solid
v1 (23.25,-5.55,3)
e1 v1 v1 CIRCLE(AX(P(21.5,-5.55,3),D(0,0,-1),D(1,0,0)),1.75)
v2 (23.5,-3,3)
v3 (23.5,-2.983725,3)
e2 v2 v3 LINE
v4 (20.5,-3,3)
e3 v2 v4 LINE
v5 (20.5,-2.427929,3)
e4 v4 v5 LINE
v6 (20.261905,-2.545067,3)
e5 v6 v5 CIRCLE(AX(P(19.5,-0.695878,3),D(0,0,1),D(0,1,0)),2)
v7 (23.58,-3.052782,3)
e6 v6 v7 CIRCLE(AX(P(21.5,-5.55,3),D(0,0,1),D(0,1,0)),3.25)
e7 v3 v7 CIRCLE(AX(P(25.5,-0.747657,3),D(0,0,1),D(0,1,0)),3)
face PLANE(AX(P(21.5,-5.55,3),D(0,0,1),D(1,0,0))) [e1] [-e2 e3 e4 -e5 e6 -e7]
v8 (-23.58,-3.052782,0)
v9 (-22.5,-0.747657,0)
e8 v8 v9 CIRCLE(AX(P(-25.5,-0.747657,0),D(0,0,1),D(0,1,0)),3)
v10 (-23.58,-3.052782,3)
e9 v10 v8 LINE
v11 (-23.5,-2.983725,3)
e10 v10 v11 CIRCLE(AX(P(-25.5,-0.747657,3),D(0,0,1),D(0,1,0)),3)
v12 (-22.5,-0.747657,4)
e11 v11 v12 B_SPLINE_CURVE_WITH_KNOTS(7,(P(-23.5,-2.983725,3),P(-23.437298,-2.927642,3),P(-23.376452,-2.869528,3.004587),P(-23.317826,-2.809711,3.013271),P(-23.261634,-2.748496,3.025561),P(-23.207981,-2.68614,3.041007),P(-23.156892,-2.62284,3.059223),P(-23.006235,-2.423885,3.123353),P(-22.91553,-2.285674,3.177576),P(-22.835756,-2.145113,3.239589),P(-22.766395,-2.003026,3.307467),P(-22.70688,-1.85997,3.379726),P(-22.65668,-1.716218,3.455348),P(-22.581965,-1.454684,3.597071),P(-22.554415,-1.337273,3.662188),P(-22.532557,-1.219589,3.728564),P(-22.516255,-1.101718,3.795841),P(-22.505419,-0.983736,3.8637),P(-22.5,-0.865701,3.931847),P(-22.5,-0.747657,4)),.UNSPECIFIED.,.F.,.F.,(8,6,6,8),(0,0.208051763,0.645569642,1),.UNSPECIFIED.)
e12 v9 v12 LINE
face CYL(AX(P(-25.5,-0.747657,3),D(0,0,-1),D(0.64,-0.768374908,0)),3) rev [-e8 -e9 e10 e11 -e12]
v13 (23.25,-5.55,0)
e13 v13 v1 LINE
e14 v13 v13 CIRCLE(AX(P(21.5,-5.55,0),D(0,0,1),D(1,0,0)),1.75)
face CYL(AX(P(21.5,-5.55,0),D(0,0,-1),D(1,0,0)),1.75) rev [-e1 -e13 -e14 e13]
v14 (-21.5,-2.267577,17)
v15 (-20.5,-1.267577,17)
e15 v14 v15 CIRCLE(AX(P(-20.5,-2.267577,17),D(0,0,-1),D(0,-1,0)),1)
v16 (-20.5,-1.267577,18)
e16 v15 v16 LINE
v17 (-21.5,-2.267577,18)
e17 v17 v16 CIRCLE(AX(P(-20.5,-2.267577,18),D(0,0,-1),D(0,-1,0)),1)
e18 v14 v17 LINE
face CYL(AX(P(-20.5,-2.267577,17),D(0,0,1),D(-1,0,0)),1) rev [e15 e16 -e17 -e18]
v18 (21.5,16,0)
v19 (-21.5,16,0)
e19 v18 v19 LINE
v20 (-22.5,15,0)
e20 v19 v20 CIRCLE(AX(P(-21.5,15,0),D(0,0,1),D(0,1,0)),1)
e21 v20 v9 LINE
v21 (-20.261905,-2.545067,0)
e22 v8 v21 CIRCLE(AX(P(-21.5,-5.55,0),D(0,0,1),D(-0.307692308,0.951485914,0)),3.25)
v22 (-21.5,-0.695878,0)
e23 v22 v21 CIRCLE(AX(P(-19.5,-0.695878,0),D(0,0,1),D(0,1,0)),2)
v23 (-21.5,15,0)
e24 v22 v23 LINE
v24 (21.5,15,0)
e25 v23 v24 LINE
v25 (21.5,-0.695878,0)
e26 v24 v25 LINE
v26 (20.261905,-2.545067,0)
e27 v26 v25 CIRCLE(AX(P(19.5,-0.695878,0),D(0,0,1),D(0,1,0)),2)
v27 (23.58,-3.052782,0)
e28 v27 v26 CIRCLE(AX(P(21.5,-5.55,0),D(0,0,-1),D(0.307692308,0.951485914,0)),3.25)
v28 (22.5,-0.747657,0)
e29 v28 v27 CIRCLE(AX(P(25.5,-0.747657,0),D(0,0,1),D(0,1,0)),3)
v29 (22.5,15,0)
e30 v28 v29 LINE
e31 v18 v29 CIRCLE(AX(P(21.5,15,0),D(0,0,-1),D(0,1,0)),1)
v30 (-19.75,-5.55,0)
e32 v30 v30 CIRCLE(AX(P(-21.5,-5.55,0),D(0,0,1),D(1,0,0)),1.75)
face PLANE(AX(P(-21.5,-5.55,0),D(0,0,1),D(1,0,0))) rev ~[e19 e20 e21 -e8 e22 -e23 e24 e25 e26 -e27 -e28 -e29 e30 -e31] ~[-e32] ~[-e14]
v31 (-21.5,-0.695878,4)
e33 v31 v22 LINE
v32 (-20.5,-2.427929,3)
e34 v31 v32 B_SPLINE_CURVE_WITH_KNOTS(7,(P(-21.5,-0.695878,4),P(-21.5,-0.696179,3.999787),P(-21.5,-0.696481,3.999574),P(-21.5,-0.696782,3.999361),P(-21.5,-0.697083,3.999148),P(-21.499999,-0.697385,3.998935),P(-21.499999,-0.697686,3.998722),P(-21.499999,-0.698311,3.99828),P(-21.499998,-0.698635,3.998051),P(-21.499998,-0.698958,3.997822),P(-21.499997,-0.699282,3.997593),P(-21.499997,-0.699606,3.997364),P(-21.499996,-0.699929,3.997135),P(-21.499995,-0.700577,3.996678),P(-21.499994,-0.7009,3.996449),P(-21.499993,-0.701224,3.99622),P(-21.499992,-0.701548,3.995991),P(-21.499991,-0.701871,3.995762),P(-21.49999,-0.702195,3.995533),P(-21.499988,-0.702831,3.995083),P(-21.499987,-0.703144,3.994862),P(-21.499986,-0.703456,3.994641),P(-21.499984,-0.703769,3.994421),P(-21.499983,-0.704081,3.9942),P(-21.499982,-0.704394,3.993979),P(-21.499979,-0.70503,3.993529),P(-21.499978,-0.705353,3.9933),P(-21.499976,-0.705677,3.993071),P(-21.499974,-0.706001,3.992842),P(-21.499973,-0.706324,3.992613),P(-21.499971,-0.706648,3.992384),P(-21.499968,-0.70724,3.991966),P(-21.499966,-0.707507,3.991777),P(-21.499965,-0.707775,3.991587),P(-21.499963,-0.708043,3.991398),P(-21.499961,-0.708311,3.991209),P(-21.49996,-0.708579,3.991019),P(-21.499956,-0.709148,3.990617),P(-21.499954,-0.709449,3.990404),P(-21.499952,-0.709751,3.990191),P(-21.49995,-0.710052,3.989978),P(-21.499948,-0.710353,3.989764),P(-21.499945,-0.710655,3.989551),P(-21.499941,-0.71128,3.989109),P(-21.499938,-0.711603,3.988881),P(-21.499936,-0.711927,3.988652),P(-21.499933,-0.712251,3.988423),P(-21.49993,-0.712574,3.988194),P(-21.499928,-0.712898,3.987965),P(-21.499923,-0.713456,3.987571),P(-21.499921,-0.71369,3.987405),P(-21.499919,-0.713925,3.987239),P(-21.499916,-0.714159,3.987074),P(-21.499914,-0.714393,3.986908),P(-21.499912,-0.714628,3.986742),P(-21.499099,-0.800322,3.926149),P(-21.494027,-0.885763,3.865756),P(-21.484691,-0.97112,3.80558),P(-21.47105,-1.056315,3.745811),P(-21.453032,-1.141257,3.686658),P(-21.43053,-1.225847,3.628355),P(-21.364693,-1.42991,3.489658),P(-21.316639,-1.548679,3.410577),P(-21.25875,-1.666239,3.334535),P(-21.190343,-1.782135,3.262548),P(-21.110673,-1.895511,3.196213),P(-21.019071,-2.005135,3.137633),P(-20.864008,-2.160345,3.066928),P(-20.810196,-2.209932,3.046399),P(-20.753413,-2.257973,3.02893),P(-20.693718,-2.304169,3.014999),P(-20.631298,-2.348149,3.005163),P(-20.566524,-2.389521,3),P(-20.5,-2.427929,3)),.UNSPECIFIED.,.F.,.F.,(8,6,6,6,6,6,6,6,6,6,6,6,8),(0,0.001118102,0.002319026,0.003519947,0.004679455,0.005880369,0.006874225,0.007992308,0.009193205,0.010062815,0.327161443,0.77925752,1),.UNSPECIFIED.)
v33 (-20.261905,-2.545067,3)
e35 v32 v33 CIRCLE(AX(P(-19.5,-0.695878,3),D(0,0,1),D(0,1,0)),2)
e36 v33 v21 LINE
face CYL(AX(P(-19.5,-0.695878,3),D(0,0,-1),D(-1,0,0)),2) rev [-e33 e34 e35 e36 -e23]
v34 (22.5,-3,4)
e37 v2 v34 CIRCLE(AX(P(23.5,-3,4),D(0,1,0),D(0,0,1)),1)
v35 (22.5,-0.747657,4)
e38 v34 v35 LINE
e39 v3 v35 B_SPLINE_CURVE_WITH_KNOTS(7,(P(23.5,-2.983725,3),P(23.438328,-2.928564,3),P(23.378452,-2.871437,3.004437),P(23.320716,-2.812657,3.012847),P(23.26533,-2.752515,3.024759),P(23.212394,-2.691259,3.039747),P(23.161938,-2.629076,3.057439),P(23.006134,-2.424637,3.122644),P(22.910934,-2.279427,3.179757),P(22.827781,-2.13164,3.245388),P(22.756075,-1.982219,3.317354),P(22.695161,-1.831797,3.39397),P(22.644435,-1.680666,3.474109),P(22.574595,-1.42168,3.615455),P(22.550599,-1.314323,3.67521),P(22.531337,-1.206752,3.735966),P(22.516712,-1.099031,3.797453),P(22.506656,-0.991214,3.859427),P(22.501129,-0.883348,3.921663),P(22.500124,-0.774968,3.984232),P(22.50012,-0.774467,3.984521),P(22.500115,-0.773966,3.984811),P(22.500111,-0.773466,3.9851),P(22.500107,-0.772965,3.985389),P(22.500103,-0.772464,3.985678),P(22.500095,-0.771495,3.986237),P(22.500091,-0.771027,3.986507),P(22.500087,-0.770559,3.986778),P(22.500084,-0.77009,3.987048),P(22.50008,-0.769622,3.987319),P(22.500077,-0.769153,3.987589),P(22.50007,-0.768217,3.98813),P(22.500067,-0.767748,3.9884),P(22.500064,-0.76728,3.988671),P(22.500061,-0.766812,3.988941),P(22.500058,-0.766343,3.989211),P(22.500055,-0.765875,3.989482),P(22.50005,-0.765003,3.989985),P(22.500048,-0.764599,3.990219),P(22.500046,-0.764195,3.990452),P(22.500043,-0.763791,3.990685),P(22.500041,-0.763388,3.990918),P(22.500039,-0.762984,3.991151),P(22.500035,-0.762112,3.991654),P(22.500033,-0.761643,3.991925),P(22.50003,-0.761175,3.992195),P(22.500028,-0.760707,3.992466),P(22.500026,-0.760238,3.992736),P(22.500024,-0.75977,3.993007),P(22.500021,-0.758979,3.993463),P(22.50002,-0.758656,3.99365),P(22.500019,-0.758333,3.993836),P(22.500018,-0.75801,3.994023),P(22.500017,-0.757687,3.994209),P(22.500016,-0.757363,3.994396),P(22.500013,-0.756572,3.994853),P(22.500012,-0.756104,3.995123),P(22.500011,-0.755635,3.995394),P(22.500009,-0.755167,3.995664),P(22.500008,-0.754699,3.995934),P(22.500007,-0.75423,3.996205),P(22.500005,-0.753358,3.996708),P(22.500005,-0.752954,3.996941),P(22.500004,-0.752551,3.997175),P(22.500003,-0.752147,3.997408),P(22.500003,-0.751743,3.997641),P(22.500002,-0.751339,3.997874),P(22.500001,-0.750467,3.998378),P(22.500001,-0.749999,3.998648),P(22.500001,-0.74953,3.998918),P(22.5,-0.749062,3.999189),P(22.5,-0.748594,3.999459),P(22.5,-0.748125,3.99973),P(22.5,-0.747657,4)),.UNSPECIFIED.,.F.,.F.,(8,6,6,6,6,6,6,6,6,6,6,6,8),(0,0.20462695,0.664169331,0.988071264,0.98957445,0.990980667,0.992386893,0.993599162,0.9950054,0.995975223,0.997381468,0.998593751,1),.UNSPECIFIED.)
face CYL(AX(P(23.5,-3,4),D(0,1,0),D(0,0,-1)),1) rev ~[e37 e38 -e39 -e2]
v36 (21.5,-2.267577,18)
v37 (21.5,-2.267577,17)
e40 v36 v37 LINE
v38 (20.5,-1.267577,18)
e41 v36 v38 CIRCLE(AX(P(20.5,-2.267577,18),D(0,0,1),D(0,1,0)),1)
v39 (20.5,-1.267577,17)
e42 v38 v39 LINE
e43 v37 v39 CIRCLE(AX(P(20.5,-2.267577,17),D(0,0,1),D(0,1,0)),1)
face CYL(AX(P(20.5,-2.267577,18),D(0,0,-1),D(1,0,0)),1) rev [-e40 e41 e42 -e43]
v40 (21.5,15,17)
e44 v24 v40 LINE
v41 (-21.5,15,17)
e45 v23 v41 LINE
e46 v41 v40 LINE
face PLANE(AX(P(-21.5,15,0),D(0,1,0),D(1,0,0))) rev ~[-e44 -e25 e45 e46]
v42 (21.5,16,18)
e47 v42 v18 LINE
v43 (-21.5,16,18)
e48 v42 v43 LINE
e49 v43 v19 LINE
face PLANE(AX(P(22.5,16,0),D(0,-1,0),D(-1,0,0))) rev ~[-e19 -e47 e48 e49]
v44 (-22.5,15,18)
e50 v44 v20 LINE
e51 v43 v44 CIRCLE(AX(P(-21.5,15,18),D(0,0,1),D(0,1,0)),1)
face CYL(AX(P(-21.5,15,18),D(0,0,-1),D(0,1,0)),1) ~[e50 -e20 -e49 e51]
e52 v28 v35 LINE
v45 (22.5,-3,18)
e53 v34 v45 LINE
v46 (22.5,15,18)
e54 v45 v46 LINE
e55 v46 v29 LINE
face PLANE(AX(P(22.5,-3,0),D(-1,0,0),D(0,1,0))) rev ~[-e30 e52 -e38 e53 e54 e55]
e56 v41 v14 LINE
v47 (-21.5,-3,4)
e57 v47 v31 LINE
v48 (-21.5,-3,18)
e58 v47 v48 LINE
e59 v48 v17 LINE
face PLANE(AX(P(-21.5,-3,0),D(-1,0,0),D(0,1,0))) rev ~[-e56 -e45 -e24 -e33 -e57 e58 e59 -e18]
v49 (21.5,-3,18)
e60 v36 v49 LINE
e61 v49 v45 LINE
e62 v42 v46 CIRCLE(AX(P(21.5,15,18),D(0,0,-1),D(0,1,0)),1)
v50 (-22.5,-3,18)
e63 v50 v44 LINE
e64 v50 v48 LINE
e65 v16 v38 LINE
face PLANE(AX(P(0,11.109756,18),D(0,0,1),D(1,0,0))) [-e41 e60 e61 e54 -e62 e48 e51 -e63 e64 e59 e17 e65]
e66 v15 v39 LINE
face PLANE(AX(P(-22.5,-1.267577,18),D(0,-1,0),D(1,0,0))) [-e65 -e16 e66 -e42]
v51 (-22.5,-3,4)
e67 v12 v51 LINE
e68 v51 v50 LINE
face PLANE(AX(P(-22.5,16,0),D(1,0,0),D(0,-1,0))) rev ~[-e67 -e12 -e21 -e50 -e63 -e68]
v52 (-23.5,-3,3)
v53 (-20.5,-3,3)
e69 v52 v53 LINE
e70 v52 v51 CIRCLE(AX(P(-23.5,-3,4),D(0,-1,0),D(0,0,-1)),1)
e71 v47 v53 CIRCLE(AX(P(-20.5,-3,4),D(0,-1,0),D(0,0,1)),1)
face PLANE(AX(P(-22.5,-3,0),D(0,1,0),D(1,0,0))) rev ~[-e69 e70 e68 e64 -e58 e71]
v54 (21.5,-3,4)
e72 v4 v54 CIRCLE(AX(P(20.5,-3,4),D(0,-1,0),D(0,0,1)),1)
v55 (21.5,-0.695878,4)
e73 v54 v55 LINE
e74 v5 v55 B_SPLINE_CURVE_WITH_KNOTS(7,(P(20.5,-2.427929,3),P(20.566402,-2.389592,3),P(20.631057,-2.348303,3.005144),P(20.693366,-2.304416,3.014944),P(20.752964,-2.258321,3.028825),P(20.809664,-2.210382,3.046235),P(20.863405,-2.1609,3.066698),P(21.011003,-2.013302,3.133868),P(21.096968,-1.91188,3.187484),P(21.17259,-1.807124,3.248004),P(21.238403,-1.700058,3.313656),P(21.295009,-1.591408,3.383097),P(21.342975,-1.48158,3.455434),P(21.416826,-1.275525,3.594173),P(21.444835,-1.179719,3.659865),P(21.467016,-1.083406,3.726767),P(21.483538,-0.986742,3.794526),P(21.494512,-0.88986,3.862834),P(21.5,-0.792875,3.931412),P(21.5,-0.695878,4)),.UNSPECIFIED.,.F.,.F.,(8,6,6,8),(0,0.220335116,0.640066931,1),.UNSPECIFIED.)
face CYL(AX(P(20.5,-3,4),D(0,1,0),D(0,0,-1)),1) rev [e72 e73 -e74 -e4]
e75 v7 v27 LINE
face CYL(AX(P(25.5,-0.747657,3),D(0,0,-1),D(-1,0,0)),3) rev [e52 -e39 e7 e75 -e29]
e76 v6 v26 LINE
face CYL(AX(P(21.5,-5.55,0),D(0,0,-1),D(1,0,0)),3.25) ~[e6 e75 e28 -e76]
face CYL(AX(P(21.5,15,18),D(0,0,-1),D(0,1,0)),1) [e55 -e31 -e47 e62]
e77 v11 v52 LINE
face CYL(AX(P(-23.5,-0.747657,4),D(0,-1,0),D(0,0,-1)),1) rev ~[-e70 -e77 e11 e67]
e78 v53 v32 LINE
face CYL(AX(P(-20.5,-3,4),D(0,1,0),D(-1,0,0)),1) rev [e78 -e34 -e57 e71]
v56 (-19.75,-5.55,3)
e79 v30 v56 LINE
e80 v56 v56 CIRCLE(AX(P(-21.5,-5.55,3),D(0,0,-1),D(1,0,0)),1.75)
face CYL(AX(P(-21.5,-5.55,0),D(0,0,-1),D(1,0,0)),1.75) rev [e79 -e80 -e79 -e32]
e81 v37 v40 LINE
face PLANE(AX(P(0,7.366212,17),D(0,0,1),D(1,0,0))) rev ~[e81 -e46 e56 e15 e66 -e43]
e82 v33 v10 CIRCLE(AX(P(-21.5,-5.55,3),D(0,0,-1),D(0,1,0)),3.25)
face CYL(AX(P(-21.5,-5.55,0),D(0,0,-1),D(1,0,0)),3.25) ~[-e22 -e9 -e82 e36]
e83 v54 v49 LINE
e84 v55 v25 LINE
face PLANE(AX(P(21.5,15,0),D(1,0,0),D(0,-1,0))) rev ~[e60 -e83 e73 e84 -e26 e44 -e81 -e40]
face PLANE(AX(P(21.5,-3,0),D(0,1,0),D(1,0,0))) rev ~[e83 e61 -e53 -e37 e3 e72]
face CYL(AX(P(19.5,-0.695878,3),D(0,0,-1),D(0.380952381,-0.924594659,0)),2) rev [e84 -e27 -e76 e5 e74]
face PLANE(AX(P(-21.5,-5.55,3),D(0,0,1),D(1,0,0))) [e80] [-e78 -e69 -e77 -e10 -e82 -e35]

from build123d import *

# Parameters (mm, degrees)
F1_DEPTH = 18
F2_R     = 3.25
F3_DEPTH = 3
F5_W     = 45
F5_H     = 17.2675769106
F6_DEPTH = 1
F7_R     = 1.75
F8_DEPTH = 25
F9_R     = 3
F10_R    = 1
F11_R    = 3
F12_R    = 1
F13_R    = 1
F14_R    = 1
F15_R    = 1
F16_R    = 1
F17_R    = 2
F18_R    = 1
F19_R    = 2
F20_R    = 1


with BuildPart() as f1:
    # F0 (on Top) → F1 (new body)
    with BuildSketch(Plane.XY):
        Polygon((22.5, 16), (-22.5, 16), (-22.5, -3), (-21.5, -3), (-21.5, 15), (21.5, 15), (21.5, -3), (22.5, -3), align=None)
    extrude(amount=F1_DEPTH)

    # F2 (on Top) → F3 (join)
    with BuildSketch(Plane.XY):
        with Locations((-21.5, -5.55)):
            Circle(F2_R)
        with Locations((21.5, -5.55)):
            Circle(F2_R)
    extrude(amount=F3_DEPTH)

    # F5 (on offset) → F6 (join)
    with BuildSketch(Plane.XY.offset(18)):
        with Locations((0, 7.3662115447)):
            Rectangle(F5_W, F5_H)
    extrude(amount=-F6_DEPTH)

    # F7 (on Top) → F8 (cut)
    with BuildSketch(Plane.XY):
        with Locations((21.5, -5.55)):
            Circle(F7_R)
        with Locations((-21.5, -5.55)):
            Circle(F7_R)
    extrude(amount=F8_DEPTH, mode=Mode.SUBTRACT)

    # F9
    f9_edges = [f1.edges().sort_by_distance(p)[0] for p in [
        (22.5, -2.457671, 1.5),
    ]]
    fillet(f9_edges, radius=F9_R)

    # F10
    f10_edges = [f1.edges().sort_by_distance(p)[0] for p in [
        (22.5, -2.728835, 3),
    ]]
    fillet(f10_edges, radius=F10_R)

    # F11
    f11_edges = [f1.edges().sort_by_distance(p)[0] for p in [
        (-22.5, -2.457671, 1.5),
    ]]
    fillet(f11_edges, radius=F11_R)

    # F12
    f12_edges = [f1.edges().sort_by_distance(p)[0] for p in [
        (-22.5, -2.728835, 3),
    ]]
    fillet(f12_edges, radius=F12_R)

    # F13
    f13_edges = [f1.edges().sort_by_distance(p)[0] for p in [
        (-22.5, 16, 9),
    ]]
    fillet(f13_edges, radius=F13_R)

    # F14
    f14_edges = [f1.edges().sort_by_distance(p)[0] for p in [
        (22.5, 16, 9),
    ]]
    fillet(f14_edges, radius=F14_R)

    # F15
    f15_edges = [f1.edges().sort_by_distance(p)[0] for p in [
        (-21.5, -1.267577, 17.5),
    ]]
    fillet(f15_edges, radius=F15_R)

    # F16
    f16_edges = [f1.edges().sort_by_distance(p)[0] for p in [
        (21.5, -1.267577, 17.5),
    ]]
    fillet(f16_edges, radius=F16_R)

    # F17
    f17_edges = [f1.edges().sort_by_distance(p)[0] for p in [
        (-21.5, -2.3, 1.5),
    ]]
    fillet(f17_edges, radius=F17_R)

    # F18
    f18_edges = [f1.edges().sort_by_distance(p)[0] for p in [
        (-21.5, -2.65, 3),
    ]]
    fillet(f18_edges, radius=F18_R)

    # F19
    f19_edges = [f1.edges().sort_by_distance(p)[0] for p in [
        (21.5, -2.3, 1.5),
    ]]
    fillet(f19_edges, radius=F19_R)

    # F20
    f20_edges = [f1.edges().sort_by_distance(p)[0] for p in [
        (21.5, -2.65, 3),
    ]]
    fillet(f20_edges, radius=F20_R)


solid = f1.part
